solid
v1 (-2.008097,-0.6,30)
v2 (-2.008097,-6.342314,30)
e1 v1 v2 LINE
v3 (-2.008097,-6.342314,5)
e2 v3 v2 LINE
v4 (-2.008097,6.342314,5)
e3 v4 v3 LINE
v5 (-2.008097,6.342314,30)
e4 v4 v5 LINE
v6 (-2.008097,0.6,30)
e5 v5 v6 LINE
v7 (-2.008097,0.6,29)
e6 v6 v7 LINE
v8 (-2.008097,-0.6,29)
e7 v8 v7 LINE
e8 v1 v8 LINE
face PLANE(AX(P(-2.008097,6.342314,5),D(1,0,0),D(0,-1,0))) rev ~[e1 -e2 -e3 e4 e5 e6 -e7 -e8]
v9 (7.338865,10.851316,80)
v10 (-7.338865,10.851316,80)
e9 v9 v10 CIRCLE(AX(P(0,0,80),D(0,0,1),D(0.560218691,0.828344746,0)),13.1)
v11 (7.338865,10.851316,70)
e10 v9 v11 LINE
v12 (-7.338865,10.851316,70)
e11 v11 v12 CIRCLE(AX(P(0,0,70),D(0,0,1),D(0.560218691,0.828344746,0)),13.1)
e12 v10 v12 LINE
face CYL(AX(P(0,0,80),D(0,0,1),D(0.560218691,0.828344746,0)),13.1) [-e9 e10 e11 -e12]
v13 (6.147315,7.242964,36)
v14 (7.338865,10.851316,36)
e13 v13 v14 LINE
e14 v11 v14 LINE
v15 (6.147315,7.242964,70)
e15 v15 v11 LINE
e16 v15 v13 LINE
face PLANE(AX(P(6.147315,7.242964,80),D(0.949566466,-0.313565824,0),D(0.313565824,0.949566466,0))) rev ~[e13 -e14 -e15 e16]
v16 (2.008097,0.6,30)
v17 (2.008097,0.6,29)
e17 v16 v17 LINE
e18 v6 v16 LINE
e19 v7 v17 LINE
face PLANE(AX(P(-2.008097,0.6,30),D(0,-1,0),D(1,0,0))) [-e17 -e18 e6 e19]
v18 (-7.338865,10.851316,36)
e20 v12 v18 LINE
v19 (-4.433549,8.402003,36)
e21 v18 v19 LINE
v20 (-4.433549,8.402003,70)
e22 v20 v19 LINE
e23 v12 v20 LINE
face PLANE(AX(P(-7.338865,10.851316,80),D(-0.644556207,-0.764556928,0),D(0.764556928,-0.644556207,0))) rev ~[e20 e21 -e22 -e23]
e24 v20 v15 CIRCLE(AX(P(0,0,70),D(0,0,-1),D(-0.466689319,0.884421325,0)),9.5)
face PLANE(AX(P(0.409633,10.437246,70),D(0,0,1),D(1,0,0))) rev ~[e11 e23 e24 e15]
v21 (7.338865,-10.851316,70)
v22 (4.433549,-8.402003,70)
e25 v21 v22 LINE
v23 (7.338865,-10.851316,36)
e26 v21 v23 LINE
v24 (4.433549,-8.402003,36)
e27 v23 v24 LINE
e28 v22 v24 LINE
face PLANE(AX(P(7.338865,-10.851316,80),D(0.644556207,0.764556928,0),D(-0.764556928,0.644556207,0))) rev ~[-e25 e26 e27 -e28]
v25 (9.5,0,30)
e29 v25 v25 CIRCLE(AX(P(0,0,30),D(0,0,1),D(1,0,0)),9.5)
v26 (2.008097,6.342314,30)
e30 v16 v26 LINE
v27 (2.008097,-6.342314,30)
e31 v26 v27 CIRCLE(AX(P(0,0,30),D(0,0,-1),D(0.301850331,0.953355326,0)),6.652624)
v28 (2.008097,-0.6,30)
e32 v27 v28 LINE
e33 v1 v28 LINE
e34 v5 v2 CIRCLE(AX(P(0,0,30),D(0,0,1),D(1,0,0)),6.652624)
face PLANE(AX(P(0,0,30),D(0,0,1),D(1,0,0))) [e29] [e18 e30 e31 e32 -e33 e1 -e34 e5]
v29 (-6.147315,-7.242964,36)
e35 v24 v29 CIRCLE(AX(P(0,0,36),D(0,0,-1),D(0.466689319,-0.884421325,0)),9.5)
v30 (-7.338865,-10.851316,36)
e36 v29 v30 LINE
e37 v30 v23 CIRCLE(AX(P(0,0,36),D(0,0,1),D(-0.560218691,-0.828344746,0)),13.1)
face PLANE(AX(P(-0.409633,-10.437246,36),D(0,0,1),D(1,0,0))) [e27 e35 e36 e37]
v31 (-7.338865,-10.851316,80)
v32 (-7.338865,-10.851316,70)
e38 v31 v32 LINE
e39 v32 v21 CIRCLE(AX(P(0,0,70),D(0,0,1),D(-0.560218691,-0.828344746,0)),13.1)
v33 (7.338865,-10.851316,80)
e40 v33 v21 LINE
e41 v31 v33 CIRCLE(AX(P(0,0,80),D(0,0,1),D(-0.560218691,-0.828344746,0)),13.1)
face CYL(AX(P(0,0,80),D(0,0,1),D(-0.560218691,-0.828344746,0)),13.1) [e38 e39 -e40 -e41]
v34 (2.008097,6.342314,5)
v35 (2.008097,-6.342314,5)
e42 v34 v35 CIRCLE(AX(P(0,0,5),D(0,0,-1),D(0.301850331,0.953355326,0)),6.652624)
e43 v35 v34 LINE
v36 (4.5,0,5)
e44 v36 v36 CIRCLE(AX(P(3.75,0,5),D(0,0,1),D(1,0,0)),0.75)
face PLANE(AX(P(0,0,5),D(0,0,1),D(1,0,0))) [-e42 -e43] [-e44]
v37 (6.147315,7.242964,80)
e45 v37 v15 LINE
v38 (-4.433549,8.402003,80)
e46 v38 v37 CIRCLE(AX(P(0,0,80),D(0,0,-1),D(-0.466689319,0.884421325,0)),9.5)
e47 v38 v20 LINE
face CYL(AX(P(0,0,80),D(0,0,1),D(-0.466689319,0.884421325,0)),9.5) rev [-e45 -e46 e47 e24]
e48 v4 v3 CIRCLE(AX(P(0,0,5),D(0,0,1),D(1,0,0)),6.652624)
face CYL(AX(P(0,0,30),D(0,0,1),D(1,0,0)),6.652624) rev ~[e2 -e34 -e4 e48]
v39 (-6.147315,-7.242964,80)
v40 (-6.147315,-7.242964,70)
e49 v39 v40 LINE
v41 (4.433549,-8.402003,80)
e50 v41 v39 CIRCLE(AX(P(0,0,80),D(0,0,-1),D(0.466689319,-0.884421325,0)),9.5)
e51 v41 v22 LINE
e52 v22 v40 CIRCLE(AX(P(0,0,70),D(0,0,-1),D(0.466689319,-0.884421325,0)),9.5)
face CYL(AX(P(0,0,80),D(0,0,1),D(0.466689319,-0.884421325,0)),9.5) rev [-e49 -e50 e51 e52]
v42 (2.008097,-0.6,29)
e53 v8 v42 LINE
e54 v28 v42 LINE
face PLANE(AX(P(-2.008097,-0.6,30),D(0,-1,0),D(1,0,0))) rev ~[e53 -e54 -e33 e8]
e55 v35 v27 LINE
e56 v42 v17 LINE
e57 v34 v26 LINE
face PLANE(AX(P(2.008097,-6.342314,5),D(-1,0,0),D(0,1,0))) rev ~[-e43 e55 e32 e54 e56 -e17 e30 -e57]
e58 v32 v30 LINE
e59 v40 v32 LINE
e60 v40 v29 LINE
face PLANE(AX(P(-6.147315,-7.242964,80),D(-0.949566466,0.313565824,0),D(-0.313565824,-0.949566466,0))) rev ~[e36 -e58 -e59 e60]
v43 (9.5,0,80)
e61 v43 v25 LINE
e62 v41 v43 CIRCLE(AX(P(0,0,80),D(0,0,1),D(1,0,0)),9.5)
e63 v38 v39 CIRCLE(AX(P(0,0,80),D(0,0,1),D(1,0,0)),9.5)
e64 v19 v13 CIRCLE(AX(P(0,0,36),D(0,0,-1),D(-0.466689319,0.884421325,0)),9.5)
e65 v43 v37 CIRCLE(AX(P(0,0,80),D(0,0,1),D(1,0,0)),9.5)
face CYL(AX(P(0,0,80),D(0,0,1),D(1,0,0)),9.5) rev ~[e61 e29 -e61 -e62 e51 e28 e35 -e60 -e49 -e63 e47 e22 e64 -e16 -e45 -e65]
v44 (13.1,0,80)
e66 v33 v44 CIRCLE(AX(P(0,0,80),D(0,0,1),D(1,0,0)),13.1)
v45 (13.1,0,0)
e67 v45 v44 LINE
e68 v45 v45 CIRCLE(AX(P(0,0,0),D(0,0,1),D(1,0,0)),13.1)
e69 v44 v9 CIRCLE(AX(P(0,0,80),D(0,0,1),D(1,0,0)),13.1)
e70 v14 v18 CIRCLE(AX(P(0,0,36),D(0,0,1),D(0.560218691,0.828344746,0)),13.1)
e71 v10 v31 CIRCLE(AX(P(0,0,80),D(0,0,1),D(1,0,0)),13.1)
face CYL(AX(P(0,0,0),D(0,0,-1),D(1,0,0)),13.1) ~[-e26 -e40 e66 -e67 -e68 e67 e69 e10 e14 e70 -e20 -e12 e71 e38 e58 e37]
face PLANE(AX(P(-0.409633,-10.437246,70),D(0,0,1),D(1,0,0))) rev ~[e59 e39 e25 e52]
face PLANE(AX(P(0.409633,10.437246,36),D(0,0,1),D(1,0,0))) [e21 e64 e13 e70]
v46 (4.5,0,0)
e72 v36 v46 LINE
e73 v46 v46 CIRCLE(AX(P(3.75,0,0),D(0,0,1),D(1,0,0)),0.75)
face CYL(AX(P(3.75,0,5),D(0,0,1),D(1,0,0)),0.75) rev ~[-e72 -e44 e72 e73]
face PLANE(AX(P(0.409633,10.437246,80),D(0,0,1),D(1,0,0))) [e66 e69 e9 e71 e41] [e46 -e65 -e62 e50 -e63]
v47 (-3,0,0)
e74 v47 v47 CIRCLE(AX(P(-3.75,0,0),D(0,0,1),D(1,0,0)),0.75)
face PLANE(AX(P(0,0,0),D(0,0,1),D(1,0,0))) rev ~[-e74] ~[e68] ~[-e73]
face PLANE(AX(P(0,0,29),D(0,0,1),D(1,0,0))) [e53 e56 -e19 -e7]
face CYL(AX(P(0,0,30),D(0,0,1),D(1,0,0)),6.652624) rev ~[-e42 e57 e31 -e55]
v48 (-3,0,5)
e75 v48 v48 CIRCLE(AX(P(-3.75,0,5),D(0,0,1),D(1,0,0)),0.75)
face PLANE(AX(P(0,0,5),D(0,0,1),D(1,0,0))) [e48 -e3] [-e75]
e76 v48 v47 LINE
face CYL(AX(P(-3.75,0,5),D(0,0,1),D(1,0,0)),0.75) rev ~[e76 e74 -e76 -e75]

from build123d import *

# Parameters (mm, degrees)
F0_R      = 13.1
F1_DEPTH  = 80
F2_R      = 9.5
F3_DEPTH  = 50
F4_R      = 6.6526235809
F5_DEPTH  = 25
F7_DEPTH  = 25
F8_R      = 0.75
F9_DEPTH  = 5
F10_W     = 4.01619326
F10_H     = 1.2
F11_DEPTH = 1
F13_DEPTH = 44
F14_DEPTH = 44
F15_DEPTH = 10
F16_DEPTH = 10


with BuildPart() as f1:
    # F0 (on Top) → F1 (new body)
    with BuildSketch(Plane.XY):
        Circle(F0_R)
    extrude(amount=F1_DEPTH)

    # F2 (on face) → F3 (cut)
    with BuildSketch(Plane.XY.offset(80)):
        Circle(F2_R)
    extrude(amount=-F3_DEPTH, mode=Mode.SUBTRACT)

    # F4 (on face) → F5 (cut)
    with BuildSketch(Plane.XY.offset(30)):
        Circle(F4_R)
    extrude(amount=-F5_DEPTH, mode=Mode.SUBTRACT)

    # F6 (on face) → F7 (join)
    with BuildSketch(Plane.XY.offset(5)):
        with BuildLine():
            ThreePointArc((2.00809663, 6.3423141229), (0, 6.6526235809), (-2.00809663, 6.3423141229))
            Line((-2.00809663, 6.3423141229), (-2.00809663, -6.3423141229))
            ThreePointArc((-2.00809663, -6.3423141229), (0, -6.6526235809), (2.00809663, -6.3423141229))
            Line((2.00809663, -6.3423141229), (2.00809663, 6.3423141229))
        make_face()
    extrude(amount=F7_DEPTH)

    # F8 (on face) → F9 (cut)
    with BuildSketch(Plane.XY.offset(5)):
        with Locations((-3.75, 0)):
            Circle(F8_R)
        with Locations((3.75, 0)):
            Circle(F8_R)
    extrude(amount=-F9_DEPTH, mode=Mode.SUBTRACT)

    # F10 (on face) → F11 (cut)
    with BuildSketch(Plane.XY.offset(30)):
        Rectangle(F10_W, F10_H)
    extrude(amount=-F11_DEPTH, mode=Mode.SUBTRACT)

    # F12 (on face) → F13 (cut)
    with BuildSketch(Plane.XY.offset(80)):
        with BuildLine():
            Line((-7.3388648552, 10.8513161708), (-4.4335485277, 8.4020025859))
            ThreePointArc((-4.4335485277, 8.4020025859), (1.034452264, 9.4435114504), (6.1473147231, 7.2429635989))
            Line((6.1473147231, 7.2429635989), (7.3388648552, 10.8513161708))
            ThreePointArc((7.3388648552, 10.8513161708), (0, 13.1), (-7.3388648552, 10.8513161708))
        make_face()
    extrude(amount=-F13_DEPTH, mode=Mode.SUBTRACT)

    # F12 (on face) → F14 (cut)
    with BuildSketch(Plane.XY.offset(80)):
        with BuildLine():
            ThreePointArc((4.4335485277, -8.4020025859), (-1.034452264, -9.4435114504), (-6.1473147231, -7.2429635989))
            Line((-6.1473147231, -7.2429635989), (-7.3388648552, -10.8513161708))
            ThreePointArc((-7.3388648552, -10.8513161708), (0, -13.1), (7.3388648552, -10.8513161708))
            Line((7.3388648552, -10.8513161708), (4.4335485277, -8.4020025859))
        make_face()
    extrude(amount=-F14_DEPTH, mode=Mode.SUBTRACT)

    # F12 (on face) → F15 (join)
    with BuildSketch(Plane.XY.offset(80)):
        with BuildLine():
            ThreePointArc((4.4335485277, -8.4020025859), (-1.034452264, -9.4435114504), (-6.1473147231, -7.2429635989))
            Line((-6.1473147231, -7.2429635989), (-7.3388648552, -10.8513161708))
            ThreePointArc((-7.3388648552, -10.8513161708), (0, -13.1), (7.3388648552, -10.8513161708))
            Line((7.3388648552, -10.8513161708), (4.4335485277, -8.4020025859))
        make_face()
    extrude(amount=-F15_DEPTH)

    # F12 (on face) → F16 (join)
    with BuildSketch(Plane.XY.offset(80)):
        with BuildLine():
            Line((-7.3388648552, 10.8513161708), (-4.4335485277, 8.4020025859))
            ThreePointArc((-4.4335485277, 8.4020025859), (1.034452264, 9.4435114504), (6.1473147231, 7.2429635989))
            Line((6.1473147231, 7.2429635989), (7.3388648552, 10.8513161708))
            ThreePointArc((7.3388648552, 10.8513161708), (0, 13.1), (-7.3388648552, 10.8513161708))
        make_face()
    extrude(amount=-F16_DEPTH)


solid = f1.part
